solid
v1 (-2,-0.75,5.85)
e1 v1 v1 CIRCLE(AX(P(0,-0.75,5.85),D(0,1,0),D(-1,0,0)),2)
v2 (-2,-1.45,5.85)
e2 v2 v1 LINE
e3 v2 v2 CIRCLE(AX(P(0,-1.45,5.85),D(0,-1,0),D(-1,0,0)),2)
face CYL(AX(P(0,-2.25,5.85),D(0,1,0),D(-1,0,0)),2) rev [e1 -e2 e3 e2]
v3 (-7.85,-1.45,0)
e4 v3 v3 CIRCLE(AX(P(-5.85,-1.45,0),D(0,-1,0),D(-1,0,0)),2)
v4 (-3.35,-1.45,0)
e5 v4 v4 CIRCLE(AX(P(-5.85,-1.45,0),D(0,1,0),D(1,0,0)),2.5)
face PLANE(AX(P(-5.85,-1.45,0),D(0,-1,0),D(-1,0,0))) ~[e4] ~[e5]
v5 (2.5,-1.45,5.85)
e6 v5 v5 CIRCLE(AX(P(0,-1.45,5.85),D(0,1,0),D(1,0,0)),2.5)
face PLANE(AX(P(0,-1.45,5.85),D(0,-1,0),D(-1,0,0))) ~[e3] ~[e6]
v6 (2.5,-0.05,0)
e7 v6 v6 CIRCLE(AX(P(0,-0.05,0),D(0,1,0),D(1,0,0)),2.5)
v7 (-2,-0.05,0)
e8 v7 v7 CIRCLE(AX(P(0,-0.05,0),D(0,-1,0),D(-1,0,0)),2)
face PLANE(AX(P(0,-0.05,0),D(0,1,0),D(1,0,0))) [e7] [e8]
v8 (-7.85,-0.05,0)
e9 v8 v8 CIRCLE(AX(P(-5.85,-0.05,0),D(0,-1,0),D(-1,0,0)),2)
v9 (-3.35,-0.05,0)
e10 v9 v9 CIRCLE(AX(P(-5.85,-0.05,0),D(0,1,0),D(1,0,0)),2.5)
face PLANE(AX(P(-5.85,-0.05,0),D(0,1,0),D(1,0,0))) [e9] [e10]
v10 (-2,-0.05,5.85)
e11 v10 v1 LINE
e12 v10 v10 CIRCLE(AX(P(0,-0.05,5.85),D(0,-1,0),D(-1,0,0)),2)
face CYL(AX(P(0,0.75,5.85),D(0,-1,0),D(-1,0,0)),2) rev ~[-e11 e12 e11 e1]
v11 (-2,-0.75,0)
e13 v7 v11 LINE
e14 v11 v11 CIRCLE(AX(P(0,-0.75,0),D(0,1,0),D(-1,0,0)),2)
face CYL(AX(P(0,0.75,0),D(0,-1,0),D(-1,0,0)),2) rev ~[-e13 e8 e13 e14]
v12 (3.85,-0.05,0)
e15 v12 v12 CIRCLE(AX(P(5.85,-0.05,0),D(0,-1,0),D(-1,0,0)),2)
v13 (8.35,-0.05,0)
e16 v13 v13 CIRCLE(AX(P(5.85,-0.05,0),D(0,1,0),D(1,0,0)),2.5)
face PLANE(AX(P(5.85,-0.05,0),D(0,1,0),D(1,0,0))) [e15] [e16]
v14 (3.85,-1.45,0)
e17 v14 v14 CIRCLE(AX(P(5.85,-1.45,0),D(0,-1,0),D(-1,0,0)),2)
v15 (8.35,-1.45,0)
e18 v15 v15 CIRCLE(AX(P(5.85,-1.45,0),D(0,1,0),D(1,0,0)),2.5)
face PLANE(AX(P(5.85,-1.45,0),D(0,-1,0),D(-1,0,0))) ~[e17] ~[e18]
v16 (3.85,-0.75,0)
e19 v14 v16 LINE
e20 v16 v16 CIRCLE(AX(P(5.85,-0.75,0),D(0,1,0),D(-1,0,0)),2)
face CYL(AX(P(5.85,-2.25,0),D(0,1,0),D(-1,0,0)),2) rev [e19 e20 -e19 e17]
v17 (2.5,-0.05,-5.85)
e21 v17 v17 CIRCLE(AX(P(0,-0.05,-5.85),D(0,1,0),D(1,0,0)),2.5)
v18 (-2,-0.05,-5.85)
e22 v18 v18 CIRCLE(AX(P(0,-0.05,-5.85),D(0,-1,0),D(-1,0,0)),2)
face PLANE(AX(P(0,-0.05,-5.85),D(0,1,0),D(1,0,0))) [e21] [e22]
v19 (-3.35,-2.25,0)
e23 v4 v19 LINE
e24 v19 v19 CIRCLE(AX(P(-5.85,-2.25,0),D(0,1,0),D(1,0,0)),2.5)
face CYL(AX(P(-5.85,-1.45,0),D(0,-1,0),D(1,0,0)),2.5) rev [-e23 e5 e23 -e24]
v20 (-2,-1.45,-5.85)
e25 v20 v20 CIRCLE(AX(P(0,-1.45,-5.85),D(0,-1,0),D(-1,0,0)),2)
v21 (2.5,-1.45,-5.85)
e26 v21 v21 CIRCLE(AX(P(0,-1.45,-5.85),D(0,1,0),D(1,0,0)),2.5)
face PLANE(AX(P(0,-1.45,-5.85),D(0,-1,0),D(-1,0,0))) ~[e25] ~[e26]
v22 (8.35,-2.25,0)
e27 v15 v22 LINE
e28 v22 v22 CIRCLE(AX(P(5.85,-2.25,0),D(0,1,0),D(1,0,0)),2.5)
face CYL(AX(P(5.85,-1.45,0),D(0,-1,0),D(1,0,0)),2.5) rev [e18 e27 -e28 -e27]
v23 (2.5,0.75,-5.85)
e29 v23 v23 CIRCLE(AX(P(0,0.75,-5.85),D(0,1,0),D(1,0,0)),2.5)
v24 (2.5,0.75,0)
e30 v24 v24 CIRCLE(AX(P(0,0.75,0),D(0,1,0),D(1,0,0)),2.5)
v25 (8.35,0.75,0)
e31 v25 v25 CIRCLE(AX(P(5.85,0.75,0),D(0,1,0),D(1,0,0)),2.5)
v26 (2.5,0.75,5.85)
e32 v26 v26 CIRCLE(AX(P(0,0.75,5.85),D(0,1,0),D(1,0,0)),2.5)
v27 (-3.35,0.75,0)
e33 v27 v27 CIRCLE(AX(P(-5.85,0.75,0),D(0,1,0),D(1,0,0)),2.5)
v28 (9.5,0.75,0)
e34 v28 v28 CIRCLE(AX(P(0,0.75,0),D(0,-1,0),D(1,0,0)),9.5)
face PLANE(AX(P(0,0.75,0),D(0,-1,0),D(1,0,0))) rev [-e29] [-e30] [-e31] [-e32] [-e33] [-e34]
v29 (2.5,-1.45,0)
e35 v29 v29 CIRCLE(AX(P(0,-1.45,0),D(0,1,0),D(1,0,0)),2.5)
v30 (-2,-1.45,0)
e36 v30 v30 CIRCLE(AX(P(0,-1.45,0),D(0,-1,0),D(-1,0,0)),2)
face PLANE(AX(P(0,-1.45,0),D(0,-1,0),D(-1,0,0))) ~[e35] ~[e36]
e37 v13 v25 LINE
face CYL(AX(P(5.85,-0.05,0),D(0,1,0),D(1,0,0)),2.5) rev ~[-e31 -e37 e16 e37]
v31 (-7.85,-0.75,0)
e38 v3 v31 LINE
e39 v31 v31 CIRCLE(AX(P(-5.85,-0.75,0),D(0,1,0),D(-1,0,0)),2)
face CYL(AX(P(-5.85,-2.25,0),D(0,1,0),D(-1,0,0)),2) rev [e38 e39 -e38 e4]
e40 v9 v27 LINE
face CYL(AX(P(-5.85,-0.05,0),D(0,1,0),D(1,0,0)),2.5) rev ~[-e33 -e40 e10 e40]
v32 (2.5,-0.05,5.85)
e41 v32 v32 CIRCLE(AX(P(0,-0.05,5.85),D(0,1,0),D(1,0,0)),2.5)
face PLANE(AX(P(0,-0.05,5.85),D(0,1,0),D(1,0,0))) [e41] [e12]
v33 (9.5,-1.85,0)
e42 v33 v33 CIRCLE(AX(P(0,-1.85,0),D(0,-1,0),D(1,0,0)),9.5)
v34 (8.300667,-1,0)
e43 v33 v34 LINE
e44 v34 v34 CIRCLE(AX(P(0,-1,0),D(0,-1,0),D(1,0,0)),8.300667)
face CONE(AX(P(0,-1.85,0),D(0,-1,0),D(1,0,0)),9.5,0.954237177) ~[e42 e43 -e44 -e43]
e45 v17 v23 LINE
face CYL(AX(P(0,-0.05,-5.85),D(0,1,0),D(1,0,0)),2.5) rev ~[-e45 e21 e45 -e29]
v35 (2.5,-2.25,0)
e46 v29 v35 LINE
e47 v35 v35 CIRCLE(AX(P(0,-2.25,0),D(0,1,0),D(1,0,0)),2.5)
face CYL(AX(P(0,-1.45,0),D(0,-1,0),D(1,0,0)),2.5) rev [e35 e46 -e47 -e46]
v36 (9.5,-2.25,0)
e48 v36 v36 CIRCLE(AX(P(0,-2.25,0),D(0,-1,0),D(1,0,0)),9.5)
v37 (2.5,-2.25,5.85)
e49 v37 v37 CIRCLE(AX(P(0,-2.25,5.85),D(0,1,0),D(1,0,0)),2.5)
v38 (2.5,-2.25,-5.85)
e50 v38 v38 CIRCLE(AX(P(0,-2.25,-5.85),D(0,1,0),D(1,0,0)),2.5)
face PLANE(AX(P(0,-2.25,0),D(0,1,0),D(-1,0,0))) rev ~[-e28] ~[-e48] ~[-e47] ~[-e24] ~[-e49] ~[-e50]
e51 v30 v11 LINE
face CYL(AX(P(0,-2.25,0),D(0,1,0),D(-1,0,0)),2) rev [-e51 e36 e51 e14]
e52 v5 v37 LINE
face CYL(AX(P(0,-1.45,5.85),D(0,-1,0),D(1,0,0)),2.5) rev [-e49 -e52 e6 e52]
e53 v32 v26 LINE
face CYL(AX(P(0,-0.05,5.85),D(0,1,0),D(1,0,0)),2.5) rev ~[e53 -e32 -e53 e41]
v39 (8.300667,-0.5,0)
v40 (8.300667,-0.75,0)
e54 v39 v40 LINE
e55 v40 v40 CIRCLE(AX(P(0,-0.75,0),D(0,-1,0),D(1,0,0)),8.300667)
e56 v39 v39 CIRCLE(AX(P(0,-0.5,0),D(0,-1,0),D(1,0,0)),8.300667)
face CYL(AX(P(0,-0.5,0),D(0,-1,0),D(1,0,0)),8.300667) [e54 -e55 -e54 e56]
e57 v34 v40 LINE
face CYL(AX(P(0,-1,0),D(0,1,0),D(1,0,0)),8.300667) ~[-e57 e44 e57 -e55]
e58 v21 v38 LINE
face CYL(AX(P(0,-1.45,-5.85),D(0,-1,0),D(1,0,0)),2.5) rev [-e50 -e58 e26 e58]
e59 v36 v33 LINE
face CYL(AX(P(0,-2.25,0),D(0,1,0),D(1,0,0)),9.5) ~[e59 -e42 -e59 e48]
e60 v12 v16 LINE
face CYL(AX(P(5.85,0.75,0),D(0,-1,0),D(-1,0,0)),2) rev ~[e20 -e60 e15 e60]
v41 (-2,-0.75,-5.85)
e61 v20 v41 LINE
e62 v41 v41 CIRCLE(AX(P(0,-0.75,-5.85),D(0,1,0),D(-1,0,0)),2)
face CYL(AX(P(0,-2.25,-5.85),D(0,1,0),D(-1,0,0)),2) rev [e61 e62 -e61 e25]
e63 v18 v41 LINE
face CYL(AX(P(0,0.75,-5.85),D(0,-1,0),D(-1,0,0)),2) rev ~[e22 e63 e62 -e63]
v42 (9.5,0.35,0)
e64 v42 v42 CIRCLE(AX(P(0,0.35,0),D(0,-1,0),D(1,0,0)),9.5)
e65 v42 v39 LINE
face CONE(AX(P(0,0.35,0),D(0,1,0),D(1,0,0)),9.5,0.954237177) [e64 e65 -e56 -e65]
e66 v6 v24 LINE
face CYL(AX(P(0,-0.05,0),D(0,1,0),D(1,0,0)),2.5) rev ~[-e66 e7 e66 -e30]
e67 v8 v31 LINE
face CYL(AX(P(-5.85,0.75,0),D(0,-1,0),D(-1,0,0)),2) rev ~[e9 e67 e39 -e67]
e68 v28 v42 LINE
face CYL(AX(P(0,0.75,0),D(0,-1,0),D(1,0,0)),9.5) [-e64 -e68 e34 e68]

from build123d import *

# Parameters (mm, degrees)
HOLE1_D           = 4
HOLE1_DEPTH       = 1.5
HOLE1_CBORE_D     = 5
HOLE1_CBORE_DEPTH = 0.8
HOLE1_TIP         = 1.201721238


with BuildPart() as part:
    # Sketch2 → Revolve1 (revolve)
    with BuildSketch(Plane.XY):
        Polygon((9.5, 0.75), (9.5, 0.35), (8.300666852, -0.5), (8.300666852, -0.75), (0, -0.75), (0, 0.75), align=None)
    revolve(axis=Axis((0, 0.75, 0), (0, -1, 0)))

    # Hole1
    with Locations(Plane(origin=(0, 0.75, 0), x_dir=(1, 0, 0), z_dir=(0, 1, 0))):
        with Locations((0, 0), (-5.85, 0), (5.85, 0), (0, 5.85), (0, -5.85)):
            CounterBoreHole(HOLE1_D / 2, HOLE1_CBORE_D / 2, HOLE1_CBORE_DEPTH, depth=HOLE1_DEPTH)
            with Locations((0, 0, -(HOLE1_DEPTH + HOLE1_TIP / 2))):  # 118° drill point
                Cone(0, HOLE1_D / 2, HOLE1_TIP, mode=Mode.SUBTRACT)

    # Mirror1: part across plane


with BuildPart() as part_1:
    add(part.part)
    add(part.part.mirror(Plane.ZX.offset(-0.75)))


solid = part_1.part
